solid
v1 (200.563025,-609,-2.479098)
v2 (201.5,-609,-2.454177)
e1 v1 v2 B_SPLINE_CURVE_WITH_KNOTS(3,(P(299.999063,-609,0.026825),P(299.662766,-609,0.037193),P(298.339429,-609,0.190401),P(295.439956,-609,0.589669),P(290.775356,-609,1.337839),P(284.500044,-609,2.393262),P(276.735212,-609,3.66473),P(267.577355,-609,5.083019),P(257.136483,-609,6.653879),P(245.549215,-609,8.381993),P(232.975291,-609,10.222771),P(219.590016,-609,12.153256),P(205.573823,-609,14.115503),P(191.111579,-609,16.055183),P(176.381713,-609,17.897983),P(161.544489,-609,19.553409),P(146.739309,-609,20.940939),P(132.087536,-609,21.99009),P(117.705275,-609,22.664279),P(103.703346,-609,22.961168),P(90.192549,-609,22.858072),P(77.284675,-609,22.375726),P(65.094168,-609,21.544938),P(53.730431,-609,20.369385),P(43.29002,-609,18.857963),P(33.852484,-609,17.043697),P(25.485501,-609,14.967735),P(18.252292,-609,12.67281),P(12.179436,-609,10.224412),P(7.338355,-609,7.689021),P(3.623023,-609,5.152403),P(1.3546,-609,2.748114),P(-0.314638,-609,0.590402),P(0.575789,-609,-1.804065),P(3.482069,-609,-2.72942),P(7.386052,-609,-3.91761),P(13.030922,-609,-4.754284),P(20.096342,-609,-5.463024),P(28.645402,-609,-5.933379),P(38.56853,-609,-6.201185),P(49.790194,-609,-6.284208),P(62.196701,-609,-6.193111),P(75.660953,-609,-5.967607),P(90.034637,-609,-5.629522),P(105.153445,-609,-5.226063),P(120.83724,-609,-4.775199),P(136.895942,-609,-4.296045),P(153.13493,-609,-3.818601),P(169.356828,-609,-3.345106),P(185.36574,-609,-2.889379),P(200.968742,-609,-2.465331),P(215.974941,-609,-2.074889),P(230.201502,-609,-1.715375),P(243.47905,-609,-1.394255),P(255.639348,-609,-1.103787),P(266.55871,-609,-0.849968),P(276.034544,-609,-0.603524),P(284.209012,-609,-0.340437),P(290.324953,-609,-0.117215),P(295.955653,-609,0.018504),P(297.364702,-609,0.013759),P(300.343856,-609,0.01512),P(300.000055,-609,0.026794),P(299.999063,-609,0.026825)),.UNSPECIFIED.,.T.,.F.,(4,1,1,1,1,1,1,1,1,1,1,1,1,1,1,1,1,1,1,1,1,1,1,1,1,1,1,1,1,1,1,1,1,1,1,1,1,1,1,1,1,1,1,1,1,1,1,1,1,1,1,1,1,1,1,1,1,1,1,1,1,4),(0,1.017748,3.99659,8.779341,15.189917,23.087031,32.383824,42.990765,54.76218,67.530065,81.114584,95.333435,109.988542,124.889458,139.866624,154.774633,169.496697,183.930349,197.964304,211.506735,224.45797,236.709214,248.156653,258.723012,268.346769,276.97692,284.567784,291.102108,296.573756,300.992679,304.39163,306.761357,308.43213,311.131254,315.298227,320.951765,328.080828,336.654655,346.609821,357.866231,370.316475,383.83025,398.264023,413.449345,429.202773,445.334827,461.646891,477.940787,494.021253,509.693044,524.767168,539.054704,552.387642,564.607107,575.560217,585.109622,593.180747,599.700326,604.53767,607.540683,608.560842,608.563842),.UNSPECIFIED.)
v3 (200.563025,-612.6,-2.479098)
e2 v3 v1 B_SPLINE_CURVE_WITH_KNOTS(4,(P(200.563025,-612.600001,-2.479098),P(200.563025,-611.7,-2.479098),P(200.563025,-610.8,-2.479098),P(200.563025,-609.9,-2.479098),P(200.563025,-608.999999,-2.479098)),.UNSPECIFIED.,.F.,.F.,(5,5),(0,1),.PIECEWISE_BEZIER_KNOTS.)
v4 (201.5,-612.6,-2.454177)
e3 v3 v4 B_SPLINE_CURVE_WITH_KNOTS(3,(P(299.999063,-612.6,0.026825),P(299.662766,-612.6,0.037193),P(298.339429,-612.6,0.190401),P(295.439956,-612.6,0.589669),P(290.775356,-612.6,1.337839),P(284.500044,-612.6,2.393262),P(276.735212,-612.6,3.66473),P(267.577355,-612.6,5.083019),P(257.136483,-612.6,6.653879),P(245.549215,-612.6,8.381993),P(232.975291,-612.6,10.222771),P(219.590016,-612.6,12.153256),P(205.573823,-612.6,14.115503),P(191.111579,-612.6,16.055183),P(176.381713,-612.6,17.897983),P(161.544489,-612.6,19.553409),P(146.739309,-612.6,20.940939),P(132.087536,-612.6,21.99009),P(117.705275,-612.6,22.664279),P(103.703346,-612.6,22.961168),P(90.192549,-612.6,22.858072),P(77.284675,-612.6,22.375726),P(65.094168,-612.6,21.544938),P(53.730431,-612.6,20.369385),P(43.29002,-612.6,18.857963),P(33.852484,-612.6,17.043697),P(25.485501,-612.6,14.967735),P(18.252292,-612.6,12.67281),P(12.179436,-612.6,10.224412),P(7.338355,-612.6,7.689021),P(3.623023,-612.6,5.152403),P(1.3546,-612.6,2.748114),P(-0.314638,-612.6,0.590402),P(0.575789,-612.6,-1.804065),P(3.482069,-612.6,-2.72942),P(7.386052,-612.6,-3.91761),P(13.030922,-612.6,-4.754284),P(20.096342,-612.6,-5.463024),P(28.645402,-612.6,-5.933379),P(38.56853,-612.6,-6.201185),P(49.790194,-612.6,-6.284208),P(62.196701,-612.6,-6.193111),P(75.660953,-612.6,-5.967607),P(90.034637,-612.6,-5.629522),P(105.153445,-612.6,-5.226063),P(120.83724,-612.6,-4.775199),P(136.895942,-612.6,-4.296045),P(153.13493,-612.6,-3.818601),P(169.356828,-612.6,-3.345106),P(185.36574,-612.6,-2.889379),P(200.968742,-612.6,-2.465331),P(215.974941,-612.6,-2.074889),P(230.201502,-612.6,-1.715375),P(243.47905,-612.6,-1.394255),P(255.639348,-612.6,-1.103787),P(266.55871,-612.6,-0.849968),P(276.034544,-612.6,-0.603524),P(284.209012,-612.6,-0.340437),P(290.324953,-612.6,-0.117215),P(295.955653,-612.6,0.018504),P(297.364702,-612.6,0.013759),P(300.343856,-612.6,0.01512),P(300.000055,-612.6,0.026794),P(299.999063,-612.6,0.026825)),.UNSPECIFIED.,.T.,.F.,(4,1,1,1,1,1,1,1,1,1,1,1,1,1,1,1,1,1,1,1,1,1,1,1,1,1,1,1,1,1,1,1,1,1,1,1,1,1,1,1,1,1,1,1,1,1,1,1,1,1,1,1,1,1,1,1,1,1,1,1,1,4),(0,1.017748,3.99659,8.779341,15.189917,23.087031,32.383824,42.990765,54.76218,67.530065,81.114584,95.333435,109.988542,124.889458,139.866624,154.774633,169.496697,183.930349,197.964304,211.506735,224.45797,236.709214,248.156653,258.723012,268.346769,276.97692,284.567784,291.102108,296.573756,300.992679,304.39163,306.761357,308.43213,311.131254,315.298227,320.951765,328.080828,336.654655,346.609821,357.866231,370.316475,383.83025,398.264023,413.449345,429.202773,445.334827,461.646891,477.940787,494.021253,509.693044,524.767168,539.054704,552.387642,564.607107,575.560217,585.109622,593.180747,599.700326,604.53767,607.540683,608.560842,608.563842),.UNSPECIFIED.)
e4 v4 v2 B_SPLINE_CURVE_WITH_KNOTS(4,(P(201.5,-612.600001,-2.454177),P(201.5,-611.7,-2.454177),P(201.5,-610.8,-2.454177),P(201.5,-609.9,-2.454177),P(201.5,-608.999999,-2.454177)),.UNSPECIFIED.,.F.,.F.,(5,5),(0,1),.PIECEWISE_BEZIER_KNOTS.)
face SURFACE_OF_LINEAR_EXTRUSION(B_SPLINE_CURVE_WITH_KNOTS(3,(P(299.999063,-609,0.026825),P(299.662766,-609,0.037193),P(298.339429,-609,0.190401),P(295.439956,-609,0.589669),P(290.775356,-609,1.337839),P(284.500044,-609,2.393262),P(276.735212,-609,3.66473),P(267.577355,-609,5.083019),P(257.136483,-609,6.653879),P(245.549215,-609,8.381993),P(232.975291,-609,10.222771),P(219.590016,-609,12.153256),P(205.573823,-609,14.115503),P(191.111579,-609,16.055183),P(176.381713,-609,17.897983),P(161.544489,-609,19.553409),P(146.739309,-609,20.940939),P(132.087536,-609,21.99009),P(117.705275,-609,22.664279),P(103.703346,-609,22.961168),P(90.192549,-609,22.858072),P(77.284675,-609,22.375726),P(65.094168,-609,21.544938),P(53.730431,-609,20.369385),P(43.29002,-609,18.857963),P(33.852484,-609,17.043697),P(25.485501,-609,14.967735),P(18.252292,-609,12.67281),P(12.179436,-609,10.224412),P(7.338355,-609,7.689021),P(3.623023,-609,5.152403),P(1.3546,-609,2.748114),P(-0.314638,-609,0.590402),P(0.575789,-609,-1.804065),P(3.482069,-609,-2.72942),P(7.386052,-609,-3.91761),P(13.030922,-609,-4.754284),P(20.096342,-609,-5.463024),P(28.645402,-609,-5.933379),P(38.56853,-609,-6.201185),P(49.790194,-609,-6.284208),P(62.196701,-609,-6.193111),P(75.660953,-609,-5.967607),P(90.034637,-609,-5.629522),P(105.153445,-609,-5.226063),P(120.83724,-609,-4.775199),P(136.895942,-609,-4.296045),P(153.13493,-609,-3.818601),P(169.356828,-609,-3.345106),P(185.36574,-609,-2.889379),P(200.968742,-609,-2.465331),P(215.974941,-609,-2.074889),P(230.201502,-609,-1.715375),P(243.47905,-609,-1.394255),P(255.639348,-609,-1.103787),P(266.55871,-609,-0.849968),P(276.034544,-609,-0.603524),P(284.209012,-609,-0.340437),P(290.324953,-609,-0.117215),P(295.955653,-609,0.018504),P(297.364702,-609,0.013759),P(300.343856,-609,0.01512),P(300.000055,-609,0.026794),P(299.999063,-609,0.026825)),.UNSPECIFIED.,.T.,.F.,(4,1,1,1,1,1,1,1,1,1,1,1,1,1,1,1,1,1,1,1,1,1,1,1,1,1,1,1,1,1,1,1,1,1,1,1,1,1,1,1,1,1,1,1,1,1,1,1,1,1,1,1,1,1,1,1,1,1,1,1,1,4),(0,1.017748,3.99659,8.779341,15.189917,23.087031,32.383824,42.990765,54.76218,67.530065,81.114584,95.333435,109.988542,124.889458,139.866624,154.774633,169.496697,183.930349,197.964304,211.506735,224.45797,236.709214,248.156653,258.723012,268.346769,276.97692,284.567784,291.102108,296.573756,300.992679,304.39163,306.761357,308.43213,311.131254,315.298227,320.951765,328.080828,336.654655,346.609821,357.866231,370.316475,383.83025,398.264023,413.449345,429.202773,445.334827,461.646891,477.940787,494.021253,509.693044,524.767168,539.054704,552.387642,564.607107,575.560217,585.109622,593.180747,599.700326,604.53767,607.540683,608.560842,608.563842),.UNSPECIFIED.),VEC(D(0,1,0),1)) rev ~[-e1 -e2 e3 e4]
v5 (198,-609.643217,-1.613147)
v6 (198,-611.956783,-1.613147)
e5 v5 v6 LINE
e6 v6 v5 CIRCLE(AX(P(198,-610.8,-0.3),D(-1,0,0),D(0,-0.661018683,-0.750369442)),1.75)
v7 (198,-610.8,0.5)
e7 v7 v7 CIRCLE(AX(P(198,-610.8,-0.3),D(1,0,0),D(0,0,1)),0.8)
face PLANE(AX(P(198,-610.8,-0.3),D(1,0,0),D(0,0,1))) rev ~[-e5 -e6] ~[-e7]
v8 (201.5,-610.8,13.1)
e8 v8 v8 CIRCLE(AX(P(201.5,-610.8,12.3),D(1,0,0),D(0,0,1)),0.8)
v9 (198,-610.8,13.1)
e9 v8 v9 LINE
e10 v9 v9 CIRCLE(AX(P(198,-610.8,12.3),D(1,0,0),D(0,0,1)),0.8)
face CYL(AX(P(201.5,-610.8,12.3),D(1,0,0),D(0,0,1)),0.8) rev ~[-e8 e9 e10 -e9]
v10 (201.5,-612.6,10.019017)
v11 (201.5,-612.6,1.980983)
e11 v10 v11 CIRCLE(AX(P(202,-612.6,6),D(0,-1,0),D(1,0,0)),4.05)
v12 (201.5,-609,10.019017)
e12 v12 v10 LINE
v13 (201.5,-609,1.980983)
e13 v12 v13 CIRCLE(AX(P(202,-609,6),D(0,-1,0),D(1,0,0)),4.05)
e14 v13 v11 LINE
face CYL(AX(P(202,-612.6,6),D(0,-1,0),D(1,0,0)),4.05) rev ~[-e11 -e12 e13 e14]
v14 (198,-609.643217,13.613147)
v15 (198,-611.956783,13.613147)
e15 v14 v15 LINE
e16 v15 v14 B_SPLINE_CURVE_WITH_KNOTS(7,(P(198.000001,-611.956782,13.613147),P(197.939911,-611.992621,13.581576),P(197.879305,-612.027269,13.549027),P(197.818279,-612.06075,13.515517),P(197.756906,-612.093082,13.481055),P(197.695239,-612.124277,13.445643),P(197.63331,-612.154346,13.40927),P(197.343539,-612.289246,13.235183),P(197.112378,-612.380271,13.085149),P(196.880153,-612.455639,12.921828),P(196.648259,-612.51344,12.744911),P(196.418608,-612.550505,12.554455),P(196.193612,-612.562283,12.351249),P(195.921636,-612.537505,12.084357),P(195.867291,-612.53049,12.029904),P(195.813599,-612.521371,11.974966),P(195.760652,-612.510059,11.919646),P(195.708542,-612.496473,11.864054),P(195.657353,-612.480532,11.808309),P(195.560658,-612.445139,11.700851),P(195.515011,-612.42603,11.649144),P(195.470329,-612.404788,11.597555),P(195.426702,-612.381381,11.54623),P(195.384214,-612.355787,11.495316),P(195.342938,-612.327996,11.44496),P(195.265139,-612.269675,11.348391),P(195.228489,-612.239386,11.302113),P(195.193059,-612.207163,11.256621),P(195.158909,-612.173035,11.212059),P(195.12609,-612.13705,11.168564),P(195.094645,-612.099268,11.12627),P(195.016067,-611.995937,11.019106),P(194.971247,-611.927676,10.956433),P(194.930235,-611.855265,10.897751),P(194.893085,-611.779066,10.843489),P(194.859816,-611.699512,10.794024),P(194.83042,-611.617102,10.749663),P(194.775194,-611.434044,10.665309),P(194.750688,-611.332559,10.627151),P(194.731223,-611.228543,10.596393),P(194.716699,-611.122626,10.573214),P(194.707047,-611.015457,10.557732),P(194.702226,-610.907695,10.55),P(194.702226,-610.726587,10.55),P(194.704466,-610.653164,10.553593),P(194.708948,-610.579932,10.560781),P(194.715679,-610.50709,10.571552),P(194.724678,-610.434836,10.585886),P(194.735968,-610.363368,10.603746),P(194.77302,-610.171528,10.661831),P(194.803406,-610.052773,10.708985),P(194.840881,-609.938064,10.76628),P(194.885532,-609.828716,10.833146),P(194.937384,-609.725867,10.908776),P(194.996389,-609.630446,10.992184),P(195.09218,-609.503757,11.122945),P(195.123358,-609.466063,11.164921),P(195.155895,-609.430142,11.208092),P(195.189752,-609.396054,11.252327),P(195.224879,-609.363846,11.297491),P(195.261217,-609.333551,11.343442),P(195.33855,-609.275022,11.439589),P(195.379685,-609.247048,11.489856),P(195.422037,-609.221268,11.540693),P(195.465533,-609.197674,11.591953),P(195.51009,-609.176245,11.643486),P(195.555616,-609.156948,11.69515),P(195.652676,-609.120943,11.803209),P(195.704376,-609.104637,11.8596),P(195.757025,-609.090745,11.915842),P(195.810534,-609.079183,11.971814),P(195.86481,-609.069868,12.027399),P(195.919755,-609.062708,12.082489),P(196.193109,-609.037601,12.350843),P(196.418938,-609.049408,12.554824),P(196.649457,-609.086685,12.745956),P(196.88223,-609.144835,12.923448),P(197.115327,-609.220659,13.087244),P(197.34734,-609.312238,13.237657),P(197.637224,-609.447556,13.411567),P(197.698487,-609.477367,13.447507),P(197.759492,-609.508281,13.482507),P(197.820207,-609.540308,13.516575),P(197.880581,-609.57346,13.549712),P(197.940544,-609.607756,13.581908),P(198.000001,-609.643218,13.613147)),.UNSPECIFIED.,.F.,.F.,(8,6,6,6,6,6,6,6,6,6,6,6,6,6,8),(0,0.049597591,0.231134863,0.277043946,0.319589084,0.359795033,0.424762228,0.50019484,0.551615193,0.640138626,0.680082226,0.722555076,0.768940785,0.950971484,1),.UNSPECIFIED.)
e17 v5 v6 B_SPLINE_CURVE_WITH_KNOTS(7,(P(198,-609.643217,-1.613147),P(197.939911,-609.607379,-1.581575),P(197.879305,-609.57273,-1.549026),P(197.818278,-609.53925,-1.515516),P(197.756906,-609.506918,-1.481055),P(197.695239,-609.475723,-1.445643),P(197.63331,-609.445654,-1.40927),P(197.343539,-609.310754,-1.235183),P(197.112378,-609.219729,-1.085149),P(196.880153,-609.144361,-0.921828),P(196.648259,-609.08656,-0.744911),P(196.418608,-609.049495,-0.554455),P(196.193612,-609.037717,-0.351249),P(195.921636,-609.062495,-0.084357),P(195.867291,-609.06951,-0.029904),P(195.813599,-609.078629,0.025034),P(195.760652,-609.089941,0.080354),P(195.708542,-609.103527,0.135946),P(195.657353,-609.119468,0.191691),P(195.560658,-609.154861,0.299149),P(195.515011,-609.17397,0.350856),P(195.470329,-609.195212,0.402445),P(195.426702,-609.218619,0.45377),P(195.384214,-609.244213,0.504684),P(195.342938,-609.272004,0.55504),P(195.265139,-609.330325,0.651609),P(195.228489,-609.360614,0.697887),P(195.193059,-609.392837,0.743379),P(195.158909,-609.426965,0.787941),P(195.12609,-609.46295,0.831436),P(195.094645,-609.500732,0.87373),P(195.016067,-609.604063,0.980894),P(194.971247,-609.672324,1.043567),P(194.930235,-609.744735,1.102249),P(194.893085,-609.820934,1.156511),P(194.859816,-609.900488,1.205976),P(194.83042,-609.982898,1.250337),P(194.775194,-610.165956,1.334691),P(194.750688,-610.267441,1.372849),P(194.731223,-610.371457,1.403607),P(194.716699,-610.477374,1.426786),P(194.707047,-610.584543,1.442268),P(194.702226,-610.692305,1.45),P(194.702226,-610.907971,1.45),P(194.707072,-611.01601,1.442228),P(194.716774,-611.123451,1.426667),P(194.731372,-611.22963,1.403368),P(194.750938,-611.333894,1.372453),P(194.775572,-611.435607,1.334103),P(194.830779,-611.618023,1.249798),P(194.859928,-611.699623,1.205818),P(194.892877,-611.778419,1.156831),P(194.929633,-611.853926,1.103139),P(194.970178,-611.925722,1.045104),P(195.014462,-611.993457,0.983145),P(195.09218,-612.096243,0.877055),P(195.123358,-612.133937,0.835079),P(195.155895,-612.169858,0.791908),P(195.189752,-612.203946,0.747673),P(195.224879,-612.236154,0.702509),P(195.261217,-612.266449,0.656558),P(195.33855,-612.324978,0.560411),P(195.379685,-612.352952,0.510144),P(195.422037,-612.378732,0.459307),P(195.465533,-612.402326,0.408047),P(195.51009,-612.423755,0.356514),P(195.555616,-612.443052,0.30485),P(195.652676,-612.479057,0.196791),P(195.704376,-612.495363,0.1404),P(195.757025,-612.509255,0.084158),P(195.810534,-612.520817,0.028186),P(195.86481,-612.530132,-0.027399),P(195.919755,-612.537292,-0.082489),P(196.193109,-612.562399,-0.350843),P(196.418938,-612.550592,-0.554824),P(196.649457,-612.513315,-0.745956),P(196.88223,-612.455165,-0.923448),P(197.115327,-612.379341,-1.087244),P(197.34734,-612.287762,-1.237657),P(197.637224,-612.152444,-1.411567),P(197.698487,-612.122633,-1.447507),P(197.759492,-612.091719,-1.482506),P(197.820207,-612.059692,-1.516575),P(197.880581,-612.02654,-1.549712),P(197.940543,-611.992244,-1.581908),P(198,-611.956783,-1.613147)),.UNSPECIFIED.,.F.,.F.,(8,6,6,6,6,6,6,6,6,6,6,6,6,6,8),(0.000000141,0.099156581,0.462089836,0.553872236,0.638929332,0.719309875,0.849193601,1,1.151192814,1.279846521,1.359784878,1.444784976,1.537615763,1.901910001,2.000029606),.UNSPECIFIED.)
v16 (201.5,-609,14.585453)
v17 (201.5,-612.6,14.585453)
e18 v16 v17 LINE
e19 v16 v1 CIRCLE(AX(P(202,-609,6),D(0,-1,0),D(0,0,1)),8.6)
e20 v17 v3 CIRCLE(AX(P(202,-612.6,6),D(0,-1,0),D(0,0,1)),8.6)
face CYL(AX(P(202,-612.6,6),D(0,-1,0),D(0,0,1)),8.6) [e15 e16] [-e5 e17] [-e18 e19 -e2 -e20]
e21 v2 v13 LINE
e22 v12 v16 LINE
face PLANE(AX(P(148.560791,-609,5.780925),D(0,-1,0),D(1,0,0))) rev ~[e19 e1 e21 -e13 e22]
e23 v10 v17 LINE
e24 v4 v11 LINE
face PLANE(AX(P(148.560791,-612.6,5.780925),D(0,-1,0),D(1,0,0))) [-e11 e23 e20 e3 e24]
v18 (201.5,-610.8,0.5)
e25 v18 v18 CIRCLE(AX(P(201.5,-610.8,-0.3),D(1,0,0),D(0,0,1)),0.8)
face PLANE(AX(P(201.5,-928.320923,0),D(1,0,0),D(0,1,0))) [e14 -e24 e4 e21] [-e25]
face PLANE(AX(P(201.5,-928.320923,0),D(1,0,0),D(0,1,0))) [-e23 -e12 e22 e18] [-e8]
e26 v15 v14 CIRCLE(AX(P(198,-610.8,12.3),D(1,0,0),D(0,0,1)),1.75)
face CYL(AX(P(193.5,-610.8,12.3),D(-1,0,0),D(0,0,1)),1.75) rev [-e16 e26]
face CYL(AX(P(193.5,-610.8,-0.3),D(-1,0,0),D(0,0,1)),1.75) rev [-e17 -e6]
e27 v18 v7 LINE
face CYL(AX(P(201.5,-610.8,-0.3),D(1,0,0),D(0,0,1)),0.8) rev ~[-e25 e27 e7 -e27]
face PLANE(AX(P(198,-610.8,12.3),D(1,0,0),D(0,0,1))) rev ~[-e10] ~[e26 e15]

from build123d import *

# Parameters (mm, degrees)
PAD114_DEPTH    = 3.6
SKETCH245_W     = 199.954956
SKETCH245_H     = 336.690071
POCKET129_DEPTH = 50
POCKET130_DEPTH = 300
SKETCH247_R     = 4.05
POCKET131_DEPTH = 5
SKETCH248_R     = 0.8
POCKET132_DEPTH = 10
SKETCH249_R     = 1.75
POCKET133_DEPTH = 4.5


with BuildPart() as part:
    # Sketch244 → Pad114 (new body)
    with BuildSketch(Plane.XZ):
        with BuildLine():
            add(Edge.make_bspline(
                [(299.999063, 0.026825), (299.662766, 0.037193), (298.339429, 0.190401), (295.439956, 0.589669), (290.775356, 1.337839), (284.500044, 2.393262), (276.735212, 3.66473), (267.577355, 5.083019), (257.136483, 6.653879), (245.549215, 8.381993), (232.975291, 10.222771), (219.590016, 12.153256), (205.573823, 14.115503), (191.111579, 16.055183), (176.381713, 17.897983), (161.544489, 19.553409), (146.739309, 20.940939), (132.087536, 21.99009), (117.705275, 22.664279), (103.703346, 22.961168), (90.192549, 22.858072), (77.284675, 22.375726), (65.094168, 21.544938), (53.730431, 20.369385), (43.29002, 18.857963), (33.852484, 17.043697), (25.485501, 14.967735), (18.252292, 12.67281), (12.179436, 10.224412), (7.338355, 7.689021), (3.623023, 5.152403), (1.3546, 2.748114), (-0.314638, 0.590402), (0.575789, -1.804065), (3.482069, -2.72942), (7.386052, -3.91761), (13.030922, -4.754284), (20.096342, -5.463024), (28.645402, -5.933379), (38.56853, -6.201185), (49.790194, -6.284208), (62.196701, -6.193111), (75.660953, -5.967607), (90.034637, -5.629522), (105.153445, -5.226063), (120.83724, -4.775199), (136.895942, -4.296045), (153.13493, -3.818601), (169.356828, -3.345106), (185.36574, -2.889379), (200.968742, -2.465331), (215.974941, -2.074889), (230.201502, -1.715375), (243.47905, -1.394255), (255.639348, -1.103787), (266.55871, -0.849968), (276.034544, -0.603524), (284.209012, -0.340437), (290.324953, -0.117215), (295.955653, 0.018504), (297.364702, 0.013759), (300.343856, 0.01512), (300.000055, 0.026794), (299.999063, 0.026825)],
                knots=[0, 0, 0, 0, 1.017748, 3.99659, 8.779341, 15.189917, 23.087031, 32.383824, 42.990765, 54.76218, 67.530065, 81.114584, 95.333435, 109.988542, 124.889458, 139.866624, 154.774633, 169.496697, 183.930349, 197.964304, 211.506735, 224.45797, 236.709214, 248.156653, 258.723012, 268.346769, 276.97692, 284.567784, 291.102108, 296.573756, 300.992679, 304.39163, 306.761357, 308.43213, 311.131254, 315.298227, 320.951765, 328.080828, 336.654655, 346.609821, 357.866231, 370.316475, 383.83025, 398.264023, 413.449345, 429.202773, 445.334827, 461.646891, 477.940787, 494.021253, 509.693044, 524.767168, 539.054704, 552.387642, 564.607107, 575.560217, 585.109622, 593.180747, 599.700326, 604.53767, 607.540683, 608.560842, 608.563842, 608.563842, 608.563842, 608.563842], degree=3))
        make_face()
    extrude(amount=PAD114_DEPTH)

    # Sketch245 → Pocket129 (cut, symmetric)
    with BuildSketch(Plane.XY):
        with Locations((301.477478, -150.975887)):
            Rectangle(SKETCH245_W, SKETCH245_H)
    extrude(amount=POCKET129_DEPTH, both=True, mode=Mode.SUBTRACT)

    # Sketch246 (on Face4 of Pocket129) → Pocket130 (cut)
    with BuildSketch(Plane.XZ.offset(3.6)):
        with BuildLine():
            ThreePointArc((202, 14.6), (193.4, 6), (202, -2.6))
            Line((213.747525, -30.946017), (202, -2.6))
            Line((-22.89874, -30.946017), (213.747525, -30.946017))
            Line((-27.727513, 31.780215), (-22.89874, -30.946017))
            Line((188.968875, 46.453211), (-27.727513, 31.780215))
            Line((202, 14.6), (188.968875, 46.453211))
        make_face()
    extrude(amount=-POCKET130_DEPTH, mode=Mode.SUBTRACT)

    # Sketch247 (on Face4 of Pocket130) → Pocket131 (cut)
    with BuildSketch(Plane.XZ.offset(3.6)):
        with Locations((202, 6)):
            Circle(SKETCH247_R)
    extrude(amount=-POCKET131_DEPTH, mode=Mode.SUBTRACT)

    # Sketch248 (on Face7 of Pocket131) → Pocket132 (cut)
    with BuildSketch(Plane(origin=(201.5, 0, 0), x_dir=(0, 0, 1), z_dir=(1, 0, 0))):
        with Locations((12.3, 1.8)):
            Circle(SKETCH248_R)
        with Locations((-0.3, 1.8)):
            Circle(SKETCH248_R)
    extrude(amount=-POCKET132_DEPTH, mode=Mode.SUBTRACT)

    # Sketch249 (on DatumPlane) → Pocket133 (cut)
    with BuildSketch(Plane(origin=(193.5, 0, 0), x_dir=(0, 0, 1), z_dir=(1, 0, 0))):
        with Locations((12.3, 1.8)):
            Circle(SKETCH249_R)
        with Locations((-0.3, 1.8)):
            Circle(SKETCH249_R)
    extrude(amount=POCKET133_DEPTH, mode=Mode.SUBTRACT)


with BuildPart() as part_1:
    # Body047 placement: moved
    add(part.part.moved(Location((0, -609, 0))))


solid = part_1.part
